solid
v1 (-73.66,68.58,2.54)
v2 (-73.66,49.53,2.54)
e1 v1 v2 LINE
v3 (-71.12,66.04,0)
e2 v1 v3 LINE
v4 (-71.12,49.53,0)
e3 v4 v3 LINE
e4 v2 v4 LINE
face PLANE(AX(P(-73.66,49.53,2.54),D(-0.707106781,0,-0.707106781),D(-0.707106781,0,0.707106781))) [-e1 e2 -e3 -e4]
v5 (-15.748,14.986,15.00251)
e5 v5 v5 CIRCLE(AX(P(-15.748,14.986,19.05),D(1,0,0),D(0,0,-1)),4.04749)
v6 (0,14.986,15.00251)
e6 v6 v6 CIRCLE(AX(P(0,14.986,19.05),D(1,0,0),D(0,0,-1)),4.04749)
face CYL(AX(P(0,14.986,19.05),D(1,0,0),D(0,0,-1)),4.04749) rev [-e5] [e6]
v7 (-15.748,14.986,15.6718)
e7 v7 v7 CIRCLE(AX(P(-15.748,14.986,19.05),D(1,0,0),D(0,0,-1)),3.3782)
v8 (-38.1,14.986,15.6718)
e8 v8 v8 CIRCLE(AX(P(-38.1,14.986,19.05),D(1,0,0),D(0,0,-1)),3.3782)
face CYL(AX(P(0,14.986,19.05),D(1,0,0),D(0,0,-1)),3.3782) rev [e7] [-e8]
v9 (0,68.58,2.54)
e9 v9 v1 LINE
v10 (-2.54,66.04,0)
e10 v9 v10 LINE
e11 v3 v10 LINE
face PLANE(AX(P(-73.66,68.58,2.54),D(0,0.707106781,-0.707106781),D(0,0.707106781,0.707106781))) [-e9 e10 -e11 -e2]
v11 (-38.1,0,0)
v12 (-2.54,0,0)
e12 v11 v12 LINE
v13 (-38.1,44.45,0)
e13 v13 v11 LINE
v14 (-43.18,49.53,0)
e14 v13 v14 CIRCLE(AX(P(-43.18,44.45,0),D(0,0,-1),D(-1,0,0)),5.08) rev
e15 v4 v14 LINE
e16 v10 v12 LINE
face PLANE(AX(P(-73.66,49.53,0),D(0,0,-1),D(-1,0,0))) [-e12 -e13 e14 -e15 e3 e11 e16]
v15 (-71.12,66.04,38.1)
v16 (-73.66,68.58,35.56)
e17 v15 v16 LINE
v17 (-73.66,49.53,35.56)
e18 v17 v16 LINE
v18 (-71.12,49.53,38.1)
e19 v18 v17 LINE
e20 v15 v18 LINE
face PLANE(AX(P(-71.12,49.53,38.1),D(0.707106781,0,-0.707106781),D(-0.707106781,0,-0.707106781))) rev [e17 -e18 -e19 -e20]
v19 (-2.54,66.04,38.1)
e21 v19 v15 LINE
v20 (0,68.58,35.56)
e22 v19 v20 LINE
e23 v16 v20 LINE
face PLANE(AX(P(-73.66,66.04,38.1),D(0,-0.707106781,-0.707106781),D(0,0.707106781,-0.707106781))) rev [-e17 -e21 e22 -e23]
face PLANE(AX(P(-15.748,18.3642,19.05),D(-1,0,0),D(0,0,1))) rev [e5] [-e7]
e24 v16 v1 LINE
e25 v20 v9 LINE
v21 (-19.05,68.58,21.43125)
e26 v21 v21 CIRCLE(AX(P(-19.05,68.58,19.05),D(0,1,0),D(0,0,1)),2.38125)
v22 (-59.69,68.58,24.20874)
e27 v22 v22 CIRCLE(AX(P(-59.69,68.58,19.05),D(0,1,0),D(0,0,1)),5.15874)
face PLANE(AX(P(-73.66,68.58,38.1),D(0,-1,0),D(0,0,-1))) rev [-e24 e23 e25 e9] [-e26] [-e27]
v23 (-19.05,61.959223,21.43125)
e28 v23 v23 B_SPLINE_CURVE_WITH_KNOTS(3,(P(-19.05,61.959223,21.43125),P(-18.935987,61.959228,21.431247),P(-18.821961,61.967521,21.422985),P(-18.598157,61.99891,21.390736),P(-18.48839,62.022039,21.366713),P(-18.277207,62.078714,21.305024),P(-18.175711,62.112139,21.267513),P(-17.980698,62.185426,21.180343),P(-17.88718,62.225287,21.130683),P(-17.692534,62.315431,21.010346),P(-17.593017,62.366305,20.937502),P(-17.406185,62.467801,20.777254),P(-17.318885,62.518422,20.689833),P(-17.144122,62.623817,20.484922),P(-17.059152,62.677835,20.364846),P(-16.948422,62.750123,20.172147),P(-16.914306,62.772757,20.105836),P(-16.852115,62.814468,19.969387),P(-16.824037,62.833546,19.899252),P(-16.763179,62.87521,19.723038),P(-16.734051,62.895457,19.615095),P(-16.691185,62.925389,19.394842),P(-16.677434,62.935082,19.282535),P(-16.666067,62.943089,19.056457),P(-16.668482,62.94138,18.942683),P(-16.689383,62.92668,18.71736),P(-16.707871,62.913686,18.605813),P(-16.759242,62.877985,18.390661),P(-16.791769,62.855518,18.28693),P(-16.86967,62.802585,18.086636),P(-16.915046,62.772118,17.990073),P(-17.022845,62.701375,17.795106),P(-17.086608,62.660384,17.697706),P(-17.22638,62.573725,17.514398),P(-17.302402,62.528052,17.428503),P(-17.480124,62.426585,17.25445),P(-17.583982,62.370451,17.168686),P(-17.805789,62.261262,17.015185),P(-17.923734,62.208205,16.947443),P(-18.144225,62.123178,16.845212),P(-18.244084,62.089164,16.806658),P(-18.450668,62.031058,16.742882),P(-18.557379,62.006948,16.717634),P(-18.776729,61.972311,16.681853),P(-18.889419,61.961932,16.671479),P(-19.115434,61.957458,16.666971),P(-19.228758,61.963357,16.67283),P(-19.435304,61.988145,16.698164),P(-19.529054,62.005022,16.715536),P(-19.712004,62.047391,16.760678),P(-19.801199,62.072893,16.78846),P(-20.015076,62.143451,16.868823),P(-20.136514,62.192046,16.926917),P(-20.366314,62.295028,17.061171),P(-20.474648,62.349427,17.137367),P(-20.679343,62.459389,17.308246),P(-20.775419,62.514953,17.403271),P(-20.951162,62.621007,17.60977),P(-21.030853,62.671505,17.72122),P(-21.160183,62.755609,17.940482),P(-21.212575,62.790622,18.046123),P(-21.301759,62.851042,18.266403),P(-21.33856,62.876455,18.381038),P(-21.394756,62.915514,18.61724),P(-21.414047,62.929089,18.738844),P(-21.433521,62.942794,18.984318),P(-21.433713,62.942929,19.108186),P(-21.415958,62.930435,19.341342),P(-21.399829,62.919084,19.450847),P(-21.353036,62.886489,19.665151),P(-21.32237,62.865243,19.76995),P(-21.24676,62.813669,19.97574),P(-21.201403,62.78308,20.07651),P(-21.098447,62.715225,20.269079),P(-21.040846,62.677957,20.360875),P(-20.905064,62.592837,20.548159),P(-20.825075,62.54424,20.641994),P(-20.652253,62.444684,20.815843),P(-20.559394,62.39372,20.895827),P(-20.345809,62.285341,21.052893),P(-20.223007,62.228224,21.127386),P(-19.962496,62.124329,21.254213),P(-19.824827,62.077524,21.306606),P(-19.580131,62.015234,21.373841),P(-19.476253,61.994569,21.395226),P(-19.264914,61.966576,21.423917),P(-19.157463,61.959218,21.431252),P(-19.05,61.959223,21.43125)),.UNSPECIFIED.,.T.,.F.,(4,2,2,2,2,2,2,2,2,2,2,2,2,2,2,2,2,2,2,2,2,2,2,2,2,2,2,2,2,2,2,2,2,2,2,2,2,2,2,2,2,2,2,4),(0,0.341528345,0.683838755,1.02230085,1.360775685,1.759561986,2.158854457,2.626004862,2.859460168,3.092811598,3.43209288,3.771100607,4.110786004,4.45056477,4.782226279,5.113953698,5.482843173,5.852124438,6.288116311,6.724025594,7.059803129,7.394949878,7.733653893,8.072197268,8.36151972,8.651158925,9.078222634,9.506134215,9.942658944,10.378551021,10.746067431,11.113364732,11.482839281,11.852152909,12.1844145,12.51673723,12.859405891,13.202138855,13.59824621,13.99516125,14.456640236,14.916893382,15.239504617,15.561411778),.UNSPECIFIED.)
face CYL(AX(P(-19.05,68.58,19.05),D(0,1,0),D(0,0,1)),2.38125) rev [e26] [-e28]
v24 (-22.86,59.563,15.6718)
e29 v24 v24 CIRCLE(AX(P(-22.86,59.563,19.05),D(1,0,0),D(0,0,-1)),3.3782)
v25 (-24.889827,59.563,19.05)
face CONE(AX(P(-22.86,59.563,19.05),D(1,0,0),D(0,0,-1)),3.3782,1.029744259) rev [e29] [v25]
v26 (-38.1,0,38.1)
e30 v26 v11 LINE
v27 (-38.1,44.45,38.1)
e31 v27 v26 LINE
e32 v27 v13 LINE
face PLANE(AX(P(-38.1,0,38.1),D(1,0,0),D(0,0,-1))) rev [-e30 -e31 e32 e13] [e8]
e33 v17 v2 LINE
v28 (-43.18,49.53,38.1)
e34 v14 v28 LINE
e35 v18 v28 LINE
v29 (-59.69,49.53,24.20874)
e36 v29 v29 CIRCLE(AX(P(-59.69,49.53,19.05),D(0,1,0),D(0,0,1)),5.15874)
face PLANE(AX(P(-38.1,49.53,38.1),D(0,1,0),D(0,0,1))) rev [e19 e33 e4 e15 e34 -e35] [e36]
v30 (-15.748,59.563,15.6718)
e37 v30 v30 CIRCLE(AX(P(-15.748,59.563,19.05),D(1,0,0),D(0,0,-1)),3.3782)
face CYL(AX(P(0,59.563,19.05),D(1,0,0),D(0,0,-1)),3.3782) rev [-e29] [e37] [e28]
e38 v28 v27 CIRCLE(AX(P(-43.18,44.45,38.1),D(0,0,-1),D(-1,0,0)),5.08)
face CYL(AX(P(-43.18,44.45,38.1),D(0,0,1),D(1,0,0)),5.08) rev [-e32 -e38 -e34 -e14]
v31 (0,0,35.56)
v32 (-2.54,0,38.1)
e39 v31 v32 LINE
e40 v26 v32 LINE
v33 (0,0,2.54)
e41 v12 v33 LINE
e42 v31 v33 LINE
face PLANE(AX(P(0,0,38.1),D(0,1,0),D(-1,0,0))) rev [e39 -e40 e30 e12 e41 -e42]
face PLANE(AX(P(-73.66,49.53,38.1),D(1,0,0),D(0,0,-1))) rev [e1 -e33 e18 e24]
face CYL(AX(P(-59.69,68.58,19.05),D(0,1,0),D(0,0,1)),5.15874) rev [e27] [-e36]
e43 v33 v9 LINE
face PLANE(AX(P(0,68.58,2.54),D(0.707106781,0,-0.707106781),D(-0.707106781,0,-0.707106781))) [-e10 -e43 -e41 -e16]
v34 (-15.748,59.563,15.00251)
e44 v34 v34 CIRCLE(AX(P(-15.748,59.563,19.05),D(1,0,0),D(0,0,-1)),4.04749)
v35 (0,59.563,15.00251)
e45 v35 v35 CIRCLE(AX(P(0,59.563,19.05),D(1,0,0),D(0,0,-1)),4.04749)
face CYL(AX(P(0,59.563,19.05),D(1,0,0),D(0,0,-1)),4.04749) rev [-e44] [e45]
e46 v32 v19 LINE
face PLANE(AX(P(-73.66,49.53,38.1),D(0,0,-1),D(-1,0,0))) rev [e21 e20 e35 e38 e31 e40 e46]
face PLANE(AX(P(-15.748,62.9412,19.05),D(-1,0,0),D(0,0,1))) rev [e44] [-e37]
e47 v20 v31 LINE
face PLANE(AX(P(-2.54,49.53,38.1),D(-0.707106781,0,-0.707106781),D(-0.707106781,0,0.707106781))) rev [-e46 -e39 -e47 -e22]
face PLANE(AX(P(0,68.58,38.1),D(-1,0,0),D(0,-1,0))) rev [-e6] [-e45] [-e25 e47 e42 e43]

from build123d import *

# Parameters (mm, degrees)
EXTRUDE1_DEPTH                               = 38.1
F_3_8_CLEARANCE_HOLE1_D                      = 10.31748
TAPPED_HOLE_FOR_1_4_20_HELICOIL3_D           = 6.7564
TAPPED_HOLE_FOR_1_4_20_HELICOIL3_DEPTH       = 22.86
TAPPED_HOLE_FOR_1_4_20_HELICOIL3_CBORE_D     = 8.09498
TAPPED_HOLE_FOR_1_4_20_HELICOIL3_CBORE_DEPTH = 15.748
TAPPED_HOLE_FOR_1_4_20_HELICOIL3_TIP         = 2.029827343
TAPPED_HOLE_FOR_1_4_20_HELICOIL1_D           = 6.7564
TAPPED_HOLE_FOR_1_4_20_HELICOIL1_CBORE_D     = 8.09498
TAPPED_HOLE_FOR_1_4_20_HELICOIL1_CBORE_DEPTH = 15.748
FILLET1_R                                    = 5.08
F_3_16_0_1875_DIAMETER_HOLE1_REACH           = 70.58
F_3_16_0_1875_DIAMETER_HOLE1_BORE_R          = 2.38125
CHAMFER1_SIZE                                = 2.54


with BuildPart() as part:
    # Sketch1 → Extrude1 (new body)
    with BuildSketch(Plane.XY):
        Polygon((-73.66, 49.53), (-73.66, 68.58), (0, 68.58), (0, 0), (-38.1, 0), (-38.1, 49.53), align=None)
    extrude(amount=EXTRUDE1_DEPTH)

    # 3/8 Clearance Hole1 (through all)
    with Locations(Plane(origin=(-59.69, 68.58, 19.05), x_dir=(0, 0, 1), z_dir=(0, 1, 0))):
        with Locations((0, 0)):
            Hole(F_3_8_CLEARANCE_HOLE1_D / 2)

    # Tapped Hole for 1/4-20 Helicoil3
    with Locations(Plane(origin=(0, 59.563, 19.05), x_dir=(0, 0, 1), z_dir=(1, 0, 0))):
        with Locations((0, 0)):
            CounterBoreHole(TAPPED_HOLE_FOR_1_4_20_HELICOIL3_D / 2, TAPPED_HOLE_FOR_1_4_20_HELICOIL3_CBORE_D / 2, TAPPED_HOLE_FOR_1_4_20_HELICOIL3_CBORE_DEPTH, depth=TAPPED_HOLE_FOR_1_4_20_HELICOIL3_DEPTH)
            with Locations((0, 0, -(TAPPED_HOLE_FOR_1_4_20_HELICOIL3_DEPTH + TAPPED_HOLE_FOR_1_4_20_HELICOIL3_TIP / 2))):  # 118° drill point
                Cone(0, TAPPED_HOLE_FOR_1_4_20_HELICOIL3_D / 2, TAPPED_HOLE_FOR_1_4_20_HELICOIL3_TIP, mode=Mode.SUBTRACT)

    # Tapped Hole for 1/4-20 Helicoil1 (through all)
    with Locations(Plane(origin=(0, 14.986, 19.05), x_dir=(0, 0, 1), z_dir=(1, 0, 0))):
        with Locations((0, 0)):
            CounterBoreHole(TAPPED_HOLE_FOR_1_4_20_HELICOIL1_D / 2, TAPPED_HOLE_FOR_1_4_20_HELICOIL1_CBORE_D / 2, TAPPED_HOLE_FOR_1_4_20_HELICOIL1_CBORE_DEPTH)

    # Fillet1
    fillet1_edges = [part.edges().sort_by_distance(p)[0] for p in [
        (-38.1, 49.53, 19.05),
    ]]
    fillet(fillet1_edges, radius=FILLET1_R)

    # 3/16 (0.1875) Diameter Hole1 bore (on position points) → 3/16 (0.1875) Diameter Hole1 (cut, up to next)
    with BuildSketch(Plane(origin=(-19.05, 68.58, 19.05), x_dir=(0, 0, 1), z_dir=(0, 1, 0)), mode=Mode.PRIVATE) as f_3_16_0_1875_diameter_hole1_sk1:
        Circle(F_3_16_0_1875_DIAMETER_HOLE1_BORE_R)
    f_3_16_0_1875_diameter_hole1_tool1 = extrude(f_3_16_0_1875_diameter_hole1_sk1.sketch, amount=-F_3_16_0_1875_DIAMETER_HOLE1_REACH, mode=Mode.PRIVATE) & part.part
    add(f_3_16_0_1875_diameter_hole1_tool1.solids().sort_by_distance((-19.05, 68.58, 19.05))[0], mode=Mode.SUBTRACT)

    # Chamfer1
    chamfer1_edges = [part.edges().sort_by_distance(p)[0] for p in [
        (0, 34.29, 38.1),
        (-36.83, 68.58, 38.1),
        (-73.66, 59.055, 38.1),
        (-73.66, 59.055, 0),
        (-36.83, 68.58, 0),
        (0, 34.29, 0),
    ]]
    chamfer(chamfer1_edges, length=CHAMFER1_SIZE)


solid = part.part
